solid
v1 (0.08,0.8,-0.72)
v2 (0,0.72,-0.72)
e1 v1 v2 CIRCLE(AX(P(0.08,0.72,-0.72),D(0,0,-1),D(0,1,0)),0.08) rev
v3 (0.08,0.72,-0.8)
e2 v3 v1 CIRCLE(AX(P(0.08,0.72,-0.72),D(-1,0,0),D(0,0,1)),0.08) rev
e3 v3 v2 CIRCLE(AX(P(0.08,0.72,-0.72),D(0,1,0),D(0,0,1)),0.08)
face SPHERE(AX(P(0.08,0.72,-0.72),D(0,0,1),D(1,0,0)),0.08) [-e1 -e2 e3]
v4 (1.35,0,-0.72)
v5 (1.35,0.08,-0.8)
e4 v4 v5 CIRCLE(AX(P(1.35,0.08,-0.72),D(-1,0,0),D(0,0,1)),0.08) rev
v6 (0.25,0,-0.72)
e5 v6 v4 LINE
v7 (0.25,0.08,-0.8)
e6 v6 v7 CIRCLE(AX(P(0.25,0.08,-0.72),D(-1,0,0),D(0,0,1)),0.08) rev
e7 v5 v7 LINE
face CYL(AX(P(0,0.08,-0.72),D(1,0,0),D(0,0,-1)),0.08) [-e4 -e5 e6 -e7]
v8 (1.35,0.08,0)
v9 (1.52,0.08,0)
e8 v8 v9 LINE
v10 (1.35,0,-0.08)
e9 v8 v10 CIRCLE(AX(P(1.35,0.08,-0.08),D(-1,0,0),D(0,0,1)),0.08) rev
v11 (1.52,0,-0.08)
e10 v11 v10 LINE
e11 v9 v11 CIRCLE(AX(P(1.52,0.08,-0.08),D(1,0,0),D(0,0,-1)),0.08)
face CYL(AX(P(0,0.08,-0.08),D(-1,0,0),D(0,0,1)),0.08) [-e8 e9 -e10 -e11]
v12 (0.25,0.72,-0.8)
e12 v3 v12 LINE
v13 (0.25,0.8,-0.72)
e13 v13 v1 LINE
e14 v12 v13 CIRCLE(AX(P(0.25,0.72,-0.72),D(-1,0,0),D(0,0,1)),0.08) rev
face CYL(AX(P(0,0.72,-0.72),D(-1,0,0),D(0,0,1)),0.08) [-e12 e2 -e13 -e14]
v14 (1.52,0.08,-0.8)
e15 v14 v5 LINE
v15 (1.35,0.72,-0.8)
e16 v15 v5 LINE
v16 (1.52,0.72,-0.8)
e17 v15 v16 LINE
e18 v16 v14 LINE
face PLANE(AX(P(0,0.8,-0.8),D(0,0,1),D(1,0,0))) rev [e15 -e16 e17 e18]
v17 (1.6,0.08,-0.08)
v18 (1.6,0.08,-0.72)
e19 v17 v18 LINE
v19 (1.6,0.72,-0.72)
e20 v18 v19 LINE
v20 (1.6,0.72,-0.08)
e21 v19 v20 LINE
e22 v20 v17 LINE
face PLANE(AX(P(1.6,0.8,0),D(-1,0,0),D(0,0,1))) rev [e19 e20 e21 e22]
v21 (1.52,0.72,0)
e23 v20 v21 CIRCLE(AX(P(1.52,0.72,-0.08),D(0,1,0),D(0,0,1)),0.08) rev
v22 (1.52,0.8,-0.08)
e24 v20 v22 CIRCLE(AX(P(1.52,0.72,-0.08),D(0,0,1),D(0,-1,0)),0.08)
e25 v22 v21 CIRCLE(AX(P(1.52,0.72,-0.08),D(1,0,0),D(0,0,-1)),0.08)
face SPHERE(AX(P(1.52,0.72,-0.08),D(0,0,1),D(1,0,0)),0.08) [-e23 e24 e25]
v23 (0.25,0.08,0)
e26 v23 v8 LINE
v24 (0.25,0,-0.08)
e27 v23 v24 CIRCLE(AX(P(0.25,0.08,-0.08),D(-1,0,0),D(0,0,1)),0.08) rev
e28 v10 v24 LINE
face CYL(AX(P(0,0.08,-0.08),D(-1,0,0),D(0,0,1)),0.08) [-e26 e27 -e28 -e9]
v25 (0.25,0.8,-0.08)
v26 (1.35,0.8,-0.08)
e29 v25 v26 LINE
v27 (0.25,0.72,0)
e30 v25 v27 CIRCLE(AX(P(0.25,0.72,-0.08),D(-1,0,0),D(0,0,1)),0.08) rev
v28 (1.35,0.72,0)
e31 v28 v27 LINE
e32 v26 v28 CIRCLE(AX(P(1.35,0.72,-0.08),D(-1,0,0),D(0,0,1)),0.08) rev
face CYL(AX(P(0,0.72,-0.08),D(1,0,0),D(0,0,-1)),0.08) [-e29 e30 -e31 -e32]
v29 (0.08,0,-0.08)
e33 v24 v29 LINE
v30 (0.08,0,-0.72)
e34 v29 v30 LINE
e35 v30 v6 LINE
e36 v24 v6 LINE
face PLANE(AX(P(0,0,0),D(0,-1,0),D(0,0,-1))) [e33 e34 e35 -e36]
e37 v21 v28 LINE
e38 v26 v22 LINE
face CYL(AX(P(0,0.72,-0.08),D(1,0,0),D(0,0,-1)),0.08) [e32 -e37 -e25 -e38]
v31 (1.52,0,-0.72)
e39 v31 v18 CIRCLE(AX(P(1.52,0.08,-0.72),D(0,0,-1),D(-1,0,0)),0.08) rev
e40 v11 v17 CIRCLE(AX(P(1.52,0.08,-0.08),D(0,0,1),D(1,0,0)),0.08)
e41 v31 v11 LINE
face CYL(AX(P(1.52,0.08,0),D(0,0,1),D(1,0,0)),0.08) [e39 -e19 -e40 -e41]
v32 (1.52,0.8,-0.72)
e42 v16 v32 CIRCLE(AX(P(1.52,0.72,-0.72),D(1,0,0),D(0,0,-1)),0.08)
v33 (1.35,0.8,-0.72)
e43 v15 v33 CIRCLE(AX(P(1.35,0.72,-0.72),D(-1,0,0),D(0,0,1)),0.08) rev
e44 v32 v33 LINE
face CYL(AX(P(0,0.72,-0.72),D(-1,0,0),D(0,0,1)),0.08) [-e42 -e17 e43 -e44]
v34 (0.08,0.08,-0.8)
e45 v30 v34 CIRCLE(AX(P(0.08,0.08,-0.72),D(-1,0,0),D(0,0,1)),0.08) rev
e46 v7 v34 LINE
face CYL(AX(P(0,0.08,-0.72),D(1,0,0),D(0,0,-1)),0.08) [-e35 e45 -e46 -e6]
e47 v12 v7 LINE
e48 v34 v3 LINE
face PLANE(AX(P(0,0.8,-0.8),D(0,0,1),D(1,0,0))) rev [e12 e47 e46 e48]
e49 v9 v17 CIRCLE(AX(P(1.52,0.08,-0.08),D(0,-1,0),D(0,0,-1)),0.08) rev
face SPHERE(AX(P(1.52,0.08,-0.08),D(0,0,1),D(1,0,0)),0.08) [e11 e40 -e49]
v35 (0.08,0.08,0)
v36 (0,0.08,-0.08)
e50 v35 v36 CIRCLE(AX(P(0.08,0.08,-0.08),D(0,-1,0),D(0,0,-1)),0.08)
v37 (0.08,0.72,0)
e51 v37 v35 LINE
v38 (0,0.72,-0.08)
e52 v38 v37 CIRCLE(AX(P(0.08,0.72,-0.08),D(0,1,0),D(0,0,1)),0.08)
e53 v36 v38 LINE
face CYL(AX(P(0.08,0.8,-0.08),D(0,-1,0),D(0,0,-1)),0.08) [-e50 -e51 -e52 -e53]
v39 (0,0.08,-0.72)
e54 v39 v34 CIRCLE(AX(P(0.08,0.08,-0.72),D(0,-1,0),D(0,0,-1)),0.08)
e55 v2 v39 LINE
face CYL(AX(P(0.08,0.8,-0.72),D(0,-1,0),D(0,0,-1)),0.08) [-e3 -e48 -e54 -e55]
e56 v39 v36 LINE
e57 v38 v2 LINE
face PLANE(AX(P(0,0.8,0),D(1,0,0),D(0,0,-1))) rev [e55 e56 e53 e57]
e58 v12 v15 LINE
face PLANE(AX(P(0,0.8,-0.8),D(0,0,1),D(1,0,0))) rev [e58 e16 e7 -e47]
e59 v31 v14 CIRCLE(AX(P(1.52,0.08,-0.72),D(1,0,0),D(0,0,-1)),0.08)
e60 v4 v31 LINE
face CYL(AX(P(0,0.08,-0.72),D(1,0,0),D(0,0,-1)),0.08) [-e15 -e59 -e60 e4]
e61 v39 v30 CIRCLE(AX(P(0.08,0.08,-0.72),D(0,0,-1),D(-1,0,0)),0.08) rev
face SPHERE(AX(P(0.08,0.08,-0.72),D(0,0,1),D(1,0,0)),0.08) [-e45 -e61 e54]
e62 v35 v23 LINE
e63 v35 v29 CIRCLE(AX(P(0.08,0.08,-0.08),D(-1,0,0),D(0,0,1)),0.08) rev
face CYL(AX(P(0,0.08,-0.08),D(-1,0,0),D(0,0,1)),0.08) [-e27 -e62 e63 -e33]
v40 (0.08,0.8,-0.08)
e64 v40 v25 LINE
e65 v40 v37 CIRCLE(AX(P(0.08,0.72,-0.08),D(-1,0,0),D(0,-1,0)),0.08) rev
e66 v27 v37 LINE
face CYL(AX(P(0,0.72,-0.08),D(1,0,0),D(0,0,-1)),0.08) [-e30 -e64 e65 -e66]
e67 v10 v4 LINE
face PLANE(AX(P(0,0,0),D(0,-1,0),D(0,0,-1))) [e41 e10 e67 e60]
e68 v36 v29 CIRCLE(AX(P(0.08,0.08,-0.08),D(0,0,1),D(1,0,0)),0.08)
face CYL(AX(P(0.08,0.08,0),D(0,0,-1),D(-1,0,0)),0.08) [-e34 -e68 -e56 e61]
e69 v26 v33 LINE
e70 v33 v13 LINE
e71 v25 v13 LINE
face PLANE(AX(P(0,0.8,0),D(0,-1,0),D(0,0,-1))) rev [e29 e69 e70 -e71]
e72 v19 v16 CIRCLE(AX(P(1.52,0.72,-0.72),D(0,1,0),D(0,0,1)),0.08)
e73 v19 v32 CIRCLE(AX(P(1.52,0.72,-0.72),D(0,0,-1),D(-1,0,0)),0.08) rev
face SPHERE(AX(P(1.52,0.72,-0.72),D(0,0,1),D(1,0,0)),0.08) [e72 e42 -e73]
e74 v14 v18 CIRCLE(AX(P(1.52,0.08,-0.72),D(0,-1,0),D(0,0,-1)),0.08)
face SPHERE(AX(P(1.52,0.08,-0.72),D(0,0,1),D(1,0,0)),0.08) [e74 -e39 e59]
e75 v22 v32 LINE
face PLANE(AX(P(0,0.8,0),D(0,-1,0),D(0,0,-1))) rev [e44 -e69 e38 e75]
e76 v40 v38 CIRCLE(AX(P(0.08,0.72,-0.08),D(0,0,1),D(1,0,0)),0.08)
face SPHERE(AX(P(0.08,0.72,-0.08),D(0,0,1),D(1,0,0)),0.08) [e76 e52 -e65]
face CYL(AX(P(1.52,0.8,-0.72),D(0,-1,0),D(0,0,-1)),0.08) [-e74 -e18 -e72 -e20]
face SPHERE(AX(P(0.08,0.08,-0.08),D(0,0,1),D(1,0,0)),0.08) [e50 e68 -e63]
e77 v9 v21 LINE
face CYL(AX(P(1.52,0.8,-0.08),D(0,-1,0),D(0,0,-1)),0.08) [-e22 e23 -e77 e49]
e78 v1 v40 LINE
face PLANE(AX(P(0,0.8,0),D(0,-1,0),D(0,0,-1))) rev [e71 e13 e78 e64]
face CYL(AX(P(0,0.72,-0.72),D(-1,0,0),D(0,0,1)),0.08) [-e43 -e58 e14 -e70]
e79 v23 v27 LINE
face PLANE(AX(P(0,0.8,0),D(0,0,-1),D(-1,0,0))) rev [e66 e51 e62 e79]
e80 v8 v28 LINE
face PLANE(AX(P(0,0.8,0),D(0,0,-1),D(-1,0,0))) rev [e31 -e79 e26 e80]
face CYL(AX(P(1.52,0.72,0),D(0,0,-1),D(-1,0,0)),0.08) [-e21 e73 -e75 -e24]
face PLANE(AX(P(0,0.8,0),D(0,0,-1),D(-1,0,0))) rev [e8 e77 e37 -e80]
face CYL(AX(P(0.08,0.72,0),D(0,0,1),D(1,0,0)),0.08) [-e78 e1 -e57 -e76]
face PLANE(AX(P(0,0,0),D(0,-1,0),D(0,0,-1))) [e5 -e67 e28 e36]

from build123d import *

# Parameters (mm, degrees)
ESBO_O1_W                = 1.6
ESBO_O1_H                = 0.8
RESSALTO_EXTRUS_O1_DEPTH = 0.8
FILETE2_R                = 0.08


with BuildPart() as part:
    # Esboço1 → Ressalto-extrusão1 (new body)
    with BuildSketch(Plane(origin=(0, 0, 0), x_dir=(1, 0, 0), z_dir=(0, 1, 0))):
        with Locations((0.8, 0.4)):
            Rectangle(ESBO_O1_W, ESBO_O1_H)
    extrude(amount=RESSALTO_EXTRUS_O1_DEPTH)

    # Filete2
    filete2_edges = [part.edges().sort_by_distance(p)[0] for p in [
        (1.6, 0.8, -0.4),
        (0.8, 0.8, -0.8),
        (0, 0.8, -0.4),
        (0.8, 0, -0.8),
        (1.6, 0, -0.4),
        (0.8, 0, 0),
        (0, 0, -0.4),
        (0.8, 0.8, 0),
        (0, 0.4, -0.8),
        (1.6, 0.4, -0.8),
        (1.6, 0.4, 0),
        (0, 0.4, 0),
    ]]
    fillet(filete2_edges, radius=FILETE2_R)


solid = part.part
